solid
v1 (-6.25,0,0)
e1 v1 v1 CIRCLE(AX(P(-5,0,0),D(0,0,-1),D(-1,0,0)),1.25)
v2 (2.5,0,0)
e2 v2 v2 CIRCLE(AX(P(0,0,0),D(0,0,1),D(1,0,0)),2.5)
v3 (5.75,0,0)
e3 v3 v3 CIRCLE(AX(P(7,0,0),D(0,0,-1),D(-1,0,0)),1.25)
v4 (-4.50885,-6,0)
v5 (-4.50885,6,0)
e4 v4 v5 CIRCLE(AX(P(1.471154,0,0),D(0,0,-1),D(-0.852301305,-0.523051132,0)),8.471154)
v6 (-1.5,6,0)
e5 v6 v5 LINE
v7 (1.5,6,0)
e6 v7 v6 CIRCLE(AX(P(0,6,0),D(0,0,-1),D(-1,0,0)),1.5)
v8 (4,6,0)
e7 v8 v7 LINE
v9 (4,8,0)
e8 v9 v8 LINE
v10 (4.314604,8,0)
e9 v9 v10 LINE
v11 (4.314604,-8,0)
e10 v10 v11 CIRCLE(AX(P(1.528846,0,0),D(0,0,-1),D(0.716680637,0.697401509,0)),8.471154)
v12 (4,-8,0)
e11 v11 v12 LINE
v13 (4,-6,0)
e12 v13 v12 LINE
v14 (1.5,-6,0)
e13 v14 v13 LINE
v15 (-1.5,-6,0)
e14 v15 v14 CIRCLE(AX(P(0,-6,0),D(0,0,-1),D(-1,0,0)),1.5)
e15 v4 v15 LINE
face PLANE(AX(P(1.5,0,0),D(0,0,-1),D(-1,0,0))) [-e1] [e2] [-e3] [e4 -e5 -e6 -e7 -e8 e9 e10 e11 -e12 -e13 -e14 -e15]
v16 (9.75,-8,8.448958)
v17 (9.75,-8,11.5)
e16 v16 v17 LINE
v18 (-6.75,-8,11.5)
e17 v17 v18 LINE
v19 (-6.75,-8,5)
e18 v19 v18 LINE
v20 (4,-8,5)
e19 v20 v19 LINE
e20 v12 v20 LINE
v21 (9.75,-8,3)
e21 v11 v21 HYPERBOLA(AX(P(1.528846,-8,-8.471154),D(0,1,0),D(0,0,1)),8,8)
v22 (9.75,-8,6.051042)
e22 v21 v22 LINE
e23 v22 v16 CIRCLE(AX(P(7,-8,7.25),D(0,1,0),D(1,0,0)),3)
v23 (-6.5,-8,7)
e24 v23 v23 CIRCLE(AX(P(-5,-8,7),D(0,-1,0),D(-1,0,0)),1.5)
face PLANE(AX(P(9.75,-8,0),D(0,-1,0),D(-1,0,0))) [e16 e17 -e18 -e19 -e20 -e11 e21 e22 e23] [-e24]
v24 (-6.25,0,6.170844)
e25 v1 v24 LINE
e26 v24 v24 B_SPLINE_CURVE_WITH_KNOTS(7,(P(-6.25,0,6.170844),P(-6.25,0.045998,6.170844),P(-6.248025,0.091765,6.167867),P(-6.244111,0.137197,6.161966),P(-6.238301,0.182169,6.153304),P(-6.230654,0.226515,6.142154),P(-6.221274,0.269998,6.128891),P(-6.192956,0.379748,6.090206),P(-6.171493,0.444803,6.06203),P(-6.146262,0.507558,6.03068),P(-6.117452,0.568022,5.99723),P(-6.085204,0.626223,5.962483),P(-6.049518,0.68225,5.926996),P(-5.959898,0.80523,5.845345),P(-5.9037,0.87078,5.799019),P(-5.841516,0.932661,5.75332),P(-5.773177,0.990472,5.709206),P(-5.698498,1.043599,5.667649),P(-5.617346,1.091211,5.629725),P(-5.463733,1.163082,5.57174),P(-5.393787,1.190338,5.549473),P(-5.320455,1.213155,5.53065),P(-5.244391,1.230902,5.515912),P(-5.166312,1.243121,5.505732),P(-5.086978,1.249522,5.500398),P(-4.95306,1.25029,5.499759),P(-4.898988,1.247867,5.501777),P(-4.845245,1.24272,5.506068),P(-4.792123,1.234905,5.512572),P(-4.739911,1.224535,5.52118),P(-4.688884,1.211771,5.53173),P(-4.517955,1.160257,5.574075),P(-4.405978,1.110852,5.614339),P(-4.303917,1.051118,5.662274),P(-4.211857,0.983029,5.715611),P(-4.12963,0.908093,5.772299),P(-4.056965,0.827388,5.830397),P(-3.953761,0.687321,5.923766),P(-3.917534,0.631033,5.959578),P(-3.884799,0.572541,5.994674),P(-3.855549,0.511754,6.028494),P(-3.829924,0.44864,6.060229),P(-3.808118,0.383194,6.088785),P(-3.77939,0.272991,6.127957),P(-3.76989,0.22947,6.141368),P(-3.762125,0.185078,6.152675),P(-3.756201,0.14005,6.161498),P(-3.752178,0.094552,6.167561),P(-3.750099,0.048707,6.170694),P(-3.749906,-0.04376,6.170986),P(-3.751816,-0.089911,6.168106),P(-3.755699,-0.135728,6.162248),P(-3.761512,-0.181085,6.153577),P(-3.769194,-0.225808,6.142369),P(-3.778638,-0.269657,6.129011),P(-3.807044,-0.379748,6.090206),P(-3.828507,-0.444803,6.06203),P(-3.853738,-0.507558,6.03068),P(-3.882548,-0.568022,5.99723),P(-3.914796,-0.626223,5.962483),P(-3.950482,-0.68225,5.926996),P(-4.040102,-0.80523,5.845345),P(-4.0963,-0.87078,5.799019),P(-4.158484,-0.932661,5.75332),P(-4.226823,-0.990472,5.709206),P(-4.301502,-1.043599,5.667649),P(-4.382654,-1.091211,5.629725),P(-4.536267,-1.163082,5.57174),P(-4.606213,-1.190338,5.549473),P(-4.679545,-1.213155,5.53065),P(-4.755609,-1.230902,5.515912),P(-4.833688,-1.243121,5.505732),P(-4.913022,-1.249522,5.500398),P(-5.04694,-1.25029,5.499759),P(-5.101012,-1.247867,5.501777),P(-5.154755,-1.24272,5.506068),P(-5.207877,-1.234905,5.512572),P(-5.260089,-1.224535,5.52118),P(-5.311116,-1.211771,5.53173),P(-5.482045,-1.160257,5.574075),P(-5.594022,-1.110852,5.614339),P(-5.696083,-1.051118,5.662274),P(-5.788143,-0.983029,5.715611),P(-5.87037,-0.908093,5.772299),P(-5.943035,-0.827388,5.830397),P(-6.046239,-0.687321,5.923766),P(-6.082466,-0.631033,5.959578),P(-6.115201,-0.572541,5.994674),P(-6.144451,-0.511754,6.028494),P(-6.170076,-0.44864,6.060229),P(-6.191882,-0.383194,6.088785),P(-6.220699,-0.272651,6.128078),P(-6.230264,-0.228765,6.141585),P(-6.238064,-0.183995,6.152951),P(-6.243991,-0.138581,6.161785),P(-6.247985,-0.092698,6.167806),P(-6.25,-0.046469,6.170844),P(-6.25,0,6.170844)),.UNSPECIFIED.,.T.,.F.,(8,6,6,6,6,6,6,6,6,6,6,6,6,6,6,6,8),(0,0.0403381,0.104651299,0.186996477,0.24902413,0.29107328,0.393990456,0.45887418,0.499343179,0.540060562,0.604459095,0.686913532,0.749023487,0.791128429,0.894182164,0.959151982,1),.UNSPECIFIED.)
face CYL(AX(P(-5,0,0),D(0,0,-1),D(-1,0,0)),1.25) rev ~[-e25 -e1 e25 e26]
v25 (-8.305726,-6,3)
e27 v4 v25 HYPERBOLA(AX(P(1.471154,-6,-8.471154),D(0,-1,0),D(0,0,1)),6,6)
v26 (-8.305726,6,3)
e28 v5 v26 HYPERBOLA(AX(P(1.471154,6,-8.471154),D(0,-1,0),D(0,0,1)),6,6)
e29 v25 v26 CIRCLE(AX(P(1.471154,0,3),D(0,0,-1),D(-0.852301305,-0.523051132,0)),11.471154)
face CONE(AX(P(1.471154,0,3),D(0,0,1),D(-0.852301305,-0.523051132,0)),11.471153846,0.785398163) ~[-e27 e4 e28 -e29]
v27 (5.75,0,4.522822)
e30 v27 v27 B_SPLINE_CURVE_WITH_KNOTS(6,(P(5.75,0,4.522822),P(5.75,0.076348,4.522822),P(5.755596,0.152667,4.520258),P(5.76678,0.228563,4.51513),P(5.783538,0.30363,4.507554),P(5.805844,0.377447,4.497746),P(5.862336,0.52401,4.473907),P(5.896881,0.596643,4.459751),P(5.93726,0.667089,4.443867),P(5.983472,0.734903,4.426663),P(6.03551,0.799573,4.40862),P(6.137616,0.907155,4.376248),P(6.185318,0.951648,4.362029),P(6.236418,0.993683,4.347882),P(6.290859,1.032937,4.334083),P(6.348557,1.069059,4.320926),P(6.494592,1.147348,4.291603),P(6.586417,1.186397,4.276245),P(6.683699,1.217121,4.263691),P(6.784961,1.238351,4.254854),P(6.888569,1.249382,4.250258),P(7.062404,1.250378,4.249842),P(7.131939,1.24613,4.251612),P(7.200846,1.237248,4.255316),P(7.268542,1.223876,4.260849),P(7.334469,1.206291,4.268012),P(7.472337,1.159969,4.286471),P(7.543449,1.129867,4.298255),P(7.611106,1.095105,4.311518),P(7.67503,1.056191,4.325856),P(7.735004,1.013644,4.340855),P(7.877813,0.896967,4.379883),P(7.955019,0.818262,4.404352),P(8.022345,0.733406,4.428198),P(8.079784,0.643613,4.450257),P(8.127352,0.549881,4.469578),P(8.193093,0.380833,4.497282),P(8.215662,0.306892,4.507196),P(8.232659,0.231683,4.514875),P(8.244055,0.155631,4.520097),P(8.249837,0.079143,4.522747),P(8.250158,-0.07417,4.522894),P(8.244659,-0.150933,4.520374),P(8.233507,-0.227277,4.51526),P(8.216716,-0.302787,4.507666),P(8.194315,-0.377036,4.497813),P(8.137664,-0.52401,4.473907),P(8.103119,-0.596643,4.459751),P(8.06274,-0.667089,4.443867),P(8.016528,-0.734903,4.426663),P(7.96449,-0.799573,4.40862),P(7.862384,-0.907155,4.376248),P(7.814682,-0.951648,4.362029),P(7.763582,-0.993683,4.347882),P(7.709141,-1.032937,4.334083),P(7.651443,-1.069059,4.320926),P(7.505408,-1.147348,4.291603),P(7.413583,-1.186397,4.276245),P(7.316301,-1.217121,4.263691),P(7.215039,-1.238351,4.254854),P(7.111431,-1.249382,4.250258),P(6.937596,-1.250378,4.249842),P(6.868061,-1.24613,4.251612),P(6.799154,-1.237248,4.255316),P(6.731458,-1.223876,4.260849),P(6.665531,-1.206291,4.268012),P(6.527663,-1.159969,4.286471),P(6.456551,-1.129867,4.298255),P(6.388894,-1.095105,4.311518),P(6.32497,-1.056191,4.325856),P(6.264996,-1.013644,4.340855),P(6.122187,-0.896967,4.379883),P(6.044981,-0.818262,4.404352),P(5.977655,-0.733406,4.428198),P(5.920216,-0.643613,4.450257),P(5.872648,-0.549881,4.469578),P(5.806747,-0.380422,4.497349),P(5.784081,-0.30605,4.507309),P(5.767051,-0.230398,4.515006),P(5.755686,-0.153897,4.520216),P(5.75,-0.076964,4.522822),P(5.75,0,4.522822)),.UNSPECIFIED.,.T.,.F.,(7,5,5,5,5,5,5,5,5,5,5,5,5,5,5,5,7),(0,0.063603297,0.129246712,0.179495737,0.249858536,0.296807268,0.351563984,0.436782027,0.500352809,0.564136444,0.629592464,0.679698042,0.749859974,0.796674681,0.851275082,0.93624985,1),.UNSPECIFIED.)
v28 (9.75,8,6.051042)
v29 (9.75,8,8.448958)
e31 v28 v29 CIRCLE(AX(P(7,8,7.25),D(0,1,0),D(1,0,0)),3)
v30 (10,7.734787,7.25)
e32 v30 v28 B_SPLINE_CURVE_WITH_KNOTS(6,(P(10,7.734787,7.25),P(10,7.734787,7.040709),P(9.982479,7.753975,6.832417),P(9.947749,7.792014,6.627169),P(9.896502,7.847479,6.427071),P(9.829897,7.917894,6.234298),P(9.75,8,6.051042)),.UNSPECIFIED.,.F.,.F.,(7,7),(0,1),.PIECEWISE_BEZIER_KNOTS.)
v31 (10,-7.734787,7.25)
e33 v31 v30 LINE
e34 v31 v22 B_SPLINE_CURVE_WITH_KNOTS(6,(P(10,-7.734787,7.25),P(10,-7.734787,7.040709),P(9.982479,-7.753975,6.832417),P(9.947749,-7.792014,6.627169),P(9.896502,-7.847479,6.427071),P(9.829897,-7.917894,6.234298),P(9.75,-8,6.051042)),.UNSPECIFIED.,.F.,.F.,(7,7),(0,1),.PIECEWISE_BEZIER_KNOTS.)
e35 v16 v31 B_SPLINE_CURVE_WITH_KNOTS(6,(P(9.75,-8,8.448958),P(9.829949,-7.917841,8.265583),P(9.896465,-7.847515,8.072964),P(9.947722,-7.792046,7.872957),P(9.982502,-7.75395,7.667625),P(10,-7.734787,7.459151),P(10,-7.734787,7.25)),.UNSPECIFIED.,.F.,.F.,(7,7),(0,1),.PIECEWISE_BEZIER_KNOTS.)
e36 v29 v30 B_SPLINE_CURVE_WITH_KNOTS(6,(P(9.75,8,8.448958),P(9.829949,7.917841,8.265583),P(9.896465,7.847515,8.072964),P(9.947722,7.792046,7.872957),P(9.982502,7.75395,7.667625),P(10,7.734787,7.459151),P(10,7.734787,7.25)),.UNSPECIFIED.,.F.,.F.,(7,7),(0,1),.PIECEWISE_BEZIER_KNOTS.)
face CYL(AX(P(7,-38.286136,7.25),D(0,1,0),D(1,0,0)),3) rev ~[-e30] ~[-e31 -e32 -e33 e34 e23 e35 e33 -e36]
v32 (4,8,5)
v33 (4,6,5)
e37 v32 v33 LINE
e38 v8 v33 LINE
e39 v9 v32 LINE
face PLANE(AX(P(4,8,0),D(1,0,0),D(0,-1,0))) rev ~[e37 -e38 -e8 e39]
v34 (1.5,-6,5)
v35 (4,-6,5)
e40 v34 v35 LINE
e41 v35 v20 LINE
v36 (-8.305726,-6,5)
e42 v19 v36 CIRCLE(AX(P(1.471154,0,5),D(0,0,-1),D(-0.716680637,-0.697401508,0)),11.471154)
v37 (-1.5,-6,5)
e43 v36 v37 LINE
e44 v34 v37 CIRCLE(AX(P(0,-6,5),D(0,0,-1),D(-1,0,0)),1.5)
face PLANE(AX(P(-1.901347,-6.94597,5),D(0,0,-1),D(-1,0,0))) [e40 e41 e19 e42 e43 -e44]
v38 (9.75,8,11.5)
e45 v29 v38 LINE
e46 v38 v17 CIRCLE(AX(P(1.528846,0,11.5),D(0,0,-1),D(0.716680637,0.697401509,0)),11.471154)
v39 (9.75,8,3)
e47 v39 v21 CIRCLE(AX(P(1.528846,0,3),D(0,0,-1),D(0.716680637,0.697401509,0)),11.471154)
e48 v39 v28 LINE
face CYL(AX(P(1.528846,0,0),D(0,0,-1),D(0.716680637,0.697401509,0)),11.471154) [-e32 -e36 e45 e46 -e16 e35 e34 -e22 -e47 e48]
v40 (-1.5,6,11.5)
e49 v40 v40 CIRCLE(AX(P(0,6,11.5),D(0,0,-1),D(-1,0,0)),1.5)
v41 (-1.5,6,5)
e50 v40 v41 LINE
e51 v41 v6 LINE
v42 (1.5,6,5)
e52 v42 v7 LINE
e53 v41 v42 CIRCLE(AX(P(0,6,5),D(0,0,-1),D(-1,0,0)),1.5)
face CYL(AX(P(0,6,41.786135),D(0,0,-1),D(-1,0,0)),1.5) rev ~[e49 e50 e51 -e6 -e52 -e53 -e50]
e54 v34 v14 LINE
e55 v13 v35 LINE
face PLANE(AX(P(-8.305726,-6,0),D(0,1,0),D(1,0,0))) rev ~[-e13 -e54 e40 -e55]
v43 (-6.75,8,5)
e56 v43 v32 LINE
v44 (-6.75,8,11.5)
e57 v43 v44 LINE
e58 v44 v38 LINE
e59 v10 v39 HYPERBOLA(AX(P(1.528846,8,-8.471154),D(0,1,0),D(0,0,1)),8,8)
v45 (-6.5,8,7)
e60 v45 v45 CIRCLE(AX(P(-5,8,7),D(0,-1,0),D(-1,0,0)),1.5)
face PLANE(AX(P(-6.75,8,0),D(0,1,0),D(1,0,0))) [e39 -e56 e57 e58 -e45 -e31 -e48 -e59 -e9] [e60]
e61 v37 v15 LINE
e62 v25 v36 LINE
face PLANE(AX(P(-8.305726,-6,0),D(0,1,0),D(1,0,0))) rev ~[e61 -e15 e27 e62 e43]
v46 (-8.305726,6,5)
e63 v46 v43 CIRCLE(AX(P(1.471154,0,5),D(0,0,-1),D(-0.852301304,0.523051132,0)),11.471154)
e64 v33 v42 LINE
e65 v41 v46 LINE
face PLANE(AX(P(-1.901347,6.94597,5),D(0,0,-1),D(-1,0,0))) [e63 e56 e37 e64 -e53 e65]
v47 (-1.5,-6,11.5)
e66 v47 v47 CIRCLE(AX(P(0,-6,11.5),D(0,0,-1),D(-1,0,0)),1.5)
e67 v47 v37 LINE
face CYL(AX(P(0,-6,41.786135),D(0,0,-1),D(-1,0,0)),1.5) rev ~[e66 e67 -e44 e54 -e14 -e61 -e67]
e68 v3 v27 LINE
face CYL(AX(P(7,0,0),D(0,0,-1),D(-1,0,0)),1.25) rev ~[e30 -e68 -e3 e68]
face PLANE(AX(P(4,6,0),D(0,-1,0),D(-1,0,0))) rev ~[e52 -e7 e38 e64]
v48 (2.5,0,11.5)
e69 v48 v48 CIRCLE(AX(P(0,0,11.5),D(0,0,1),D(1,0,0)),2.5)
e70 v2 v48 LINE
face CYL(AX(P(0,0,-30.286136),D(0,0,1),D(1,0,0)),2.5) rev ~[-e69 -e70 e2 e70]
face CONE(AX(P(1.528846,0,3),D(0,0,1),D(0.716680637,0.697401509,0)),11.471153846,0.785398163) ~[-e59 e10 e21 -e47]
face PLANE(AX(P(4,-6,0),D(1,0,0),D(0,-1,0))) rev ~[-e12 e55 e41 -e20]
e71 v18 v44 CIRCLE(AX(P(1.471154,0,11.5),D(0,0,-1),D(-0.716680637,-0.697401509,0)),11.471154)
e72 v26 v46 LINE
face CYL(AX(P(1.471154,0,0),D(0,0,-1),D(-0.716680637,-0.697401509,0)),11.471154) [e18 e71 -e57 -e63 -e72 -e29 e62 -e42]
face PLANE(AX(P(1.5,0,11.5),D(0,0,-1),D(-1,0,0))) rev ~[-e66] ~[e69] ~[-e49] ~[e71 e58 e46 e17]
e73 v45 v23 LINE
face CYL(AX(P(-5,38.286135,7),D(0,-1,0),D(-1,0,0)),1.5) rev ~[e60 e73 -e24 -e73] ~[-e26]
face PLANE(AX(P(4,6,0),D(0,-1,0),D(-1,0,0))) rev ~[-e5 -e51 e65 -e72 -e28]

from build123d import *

# Parameters (mm, degrees)
EXTRUDE_1_DEPTH              = 11.5
CUT_EXTRUDE_1_DEPTH          = 5
CUT_EXTRUDE_2_DEPTH          = 5
HOLE_WIZARD_3_0_3_1_D        = 3
HOLE_WIZARD_3_0_3_2_D        = 3
HOLE_WIZARD_2_5_2_5_1_REACH  = 21.112
HOLE_WIZARD_2_5_2_5_1_BORE_R = 1.25
HOLE_WIZARD_5_0_5_1_D        = 5
HOLE_WIZARD_6_0_6_1_D        = 6
HOLE_WIZARD_2_5_2_5_2_REACH  = 21.112
HOLE_WIZARD_2_5_2_5_2_BORE_R = 1.25
CHAMFER_1_SIZE               = 3


with BuildPart() as part:
    # Эскиз1 → Бобышка-Вытянуть1 (new body)
    with BuildSketch(Plane(origin=(0, 0, 0), x_dir=(-1, 0, 0), z_dir=(0, 0, -1))):
        with BuildLine():
            Line((6.75, 8), (-9.75, 8))
            ThreePointArc((-9.75, 8), (-13, 0), (-9.75, -8))
            Line((-9.75, -8), (6.75, -8))
            ThreePointArc((6.75, -8), (10, 0), (6.75, 8))
        make_face()
    extrude(amount=-EXTRUDE_1_DEPTH)

    # Эскиз2 → Вырез-Вытянуть1 (cut)
    with BuildSketch(Plane(origin=(0, 0, 0), x_dir=(-1, 0, 0), z_dir=(0, 0, -1))):
        with BuildLine():
            Line((-4, 6), (8.305725542, 6))
            ThreePointArc((8.305725542, 6), (7.583253924, 7.043086716), (6.75, 8))
            Line((6.75, 8), (-4, 8))
            Line((-4, 8), (-4, 6))
        make_face()
    extrude(amount=-CUT_EXTRUDE_1_DEPTH, mode=Mode.SUBTRACT)

    # Эскиз3 → Вырез-Вытянуть2 (cut)
    with BuildSketch(Plane(origin=(0, 0, 0), x_dir=(-1, 0, 0), z_dir=(0, 0, -1))):
        with BuildLine():
            Line((8.305725542, -6), (-4, -6))
            Line((-4, -6), (-4, -8))
            Line((-4, -8), (6.75, -8))
            ThreePointArc((6.75, -8), (7.583253924, -7.043086716), (8.305725542, -6))
        make_face()
    extrude(amount=-CUT_EXTRUDE_2_DEPTH, mode=Mode.SUBTRACT)

    # Диаметр отверстия Ø3.0 (3)1 (through all)
    with Locations(Plane.XY.offset(11.5)):
        with Locations((0, -6), (0, 6)):
            Hole(HOLE_WIZARD_3_0_3_1_D / 2)

    # Диаметр отверстия Ø3.0 (3)2 (through all)
    with Locations(Plane(origin=(0, 8, 0), x_dir=(1, 0, 0), z_dir=(0, 1, 0))):
        with Locations((-5, -7)):
            Hole(HOLE_WIZARD_3_0_3_2_D / 2)

    # Диаметр отверстия Ø2.5 (2.5)1 bore → Диаметр отверстия Ø2.5 (2.5)1 (cut, up to next)
    with BuildSketch(Plane(origin=(0, 0, 0), x_dir=(-1, 0, 0), z_dir=(0, 0, -1)), mode=Mode.PRIVATE) as hole_wizard_2_5_2_5_1_sk1:
        with Locations((5, 0)):
            Circle(HOLE_WIZARD_2_5_2_5_1_BORE_R)
    hole_wizard_2_5_2_5_1_tool1 = extrude(hole_wizard_2_5_2_5_1_sk1.sketch, amount=-HOLE_WIZARD_2_5_2_5_1_REACH, mode=Mode.PRIVATE) & part.part
    add(hole_wizard_2_5_2_5_1_tool1.solids().sort_by_distance((-5, 0, 0))[0], mode=Mode.SUBTRACT)

    # Диаметр отверстия Ø5.0 (5)1 (through all)
    with Locations(Plane(origin=(0, 0, 0), x_dir=(-1, 0, 0), z_dir=(0, 0, -1))):
        with Locations((0, 0)):
            Hole(HOLE_WIZARD_5_0_5_1_D / 2)

    # Диаметр отверстия Ø6.0 (6)1 (through all)
    with Locations(Plane(origin=(0, -8, 0), x_dir=(-1, 0, 0), z_dir=(0, -1, 0))):
        with Locations((-7, -7.25)):
            Hole(HOLE_WIZARD_6_0_6_1_D / 2)

    # Диаметр отверстия Ø2.5 (2.5)2 bore → Диаметр отверстия Ø2.5 (2.5)2 (cut, up to next)
    with BuildSketch(Plane(origin=(0, 0, 0), x_dir=(-1, 0, 0), z_dir=(0, 0, -1)), mode=Mode.PRIVATE) as hole_wizard_2_5_2_5_2_sk1:
        with Locations((-7, 0)):
            Circle(HOLE_WIZARD_2_5_2_5_2_BORE_R)
    hole_wizard_2_5_2_5_2_tool1 = extrude(hole_wizard_2_5_2_5_2_sk1.sketch, amount=-HOLE_WIZARD_2_5_2_5_2_REACH, mode=Mode.PRIVATE) & part.part
    add(hole_wizard_2_5_2_5_2_tool1.solids().sort_by_distance((7, 0, 0))[0], mode=Mode.SUBTRACT)

    # Фаска1
    chamfer_1_edges = [part.edges().sort_by_distance(p)[0] for p in [
        (-10, 0, 0),
        (13, 0, 0),
    ]]
    chamfer(chamfer_1_edges, length=CHAMFER_1_SIZE)


solid = part.part
